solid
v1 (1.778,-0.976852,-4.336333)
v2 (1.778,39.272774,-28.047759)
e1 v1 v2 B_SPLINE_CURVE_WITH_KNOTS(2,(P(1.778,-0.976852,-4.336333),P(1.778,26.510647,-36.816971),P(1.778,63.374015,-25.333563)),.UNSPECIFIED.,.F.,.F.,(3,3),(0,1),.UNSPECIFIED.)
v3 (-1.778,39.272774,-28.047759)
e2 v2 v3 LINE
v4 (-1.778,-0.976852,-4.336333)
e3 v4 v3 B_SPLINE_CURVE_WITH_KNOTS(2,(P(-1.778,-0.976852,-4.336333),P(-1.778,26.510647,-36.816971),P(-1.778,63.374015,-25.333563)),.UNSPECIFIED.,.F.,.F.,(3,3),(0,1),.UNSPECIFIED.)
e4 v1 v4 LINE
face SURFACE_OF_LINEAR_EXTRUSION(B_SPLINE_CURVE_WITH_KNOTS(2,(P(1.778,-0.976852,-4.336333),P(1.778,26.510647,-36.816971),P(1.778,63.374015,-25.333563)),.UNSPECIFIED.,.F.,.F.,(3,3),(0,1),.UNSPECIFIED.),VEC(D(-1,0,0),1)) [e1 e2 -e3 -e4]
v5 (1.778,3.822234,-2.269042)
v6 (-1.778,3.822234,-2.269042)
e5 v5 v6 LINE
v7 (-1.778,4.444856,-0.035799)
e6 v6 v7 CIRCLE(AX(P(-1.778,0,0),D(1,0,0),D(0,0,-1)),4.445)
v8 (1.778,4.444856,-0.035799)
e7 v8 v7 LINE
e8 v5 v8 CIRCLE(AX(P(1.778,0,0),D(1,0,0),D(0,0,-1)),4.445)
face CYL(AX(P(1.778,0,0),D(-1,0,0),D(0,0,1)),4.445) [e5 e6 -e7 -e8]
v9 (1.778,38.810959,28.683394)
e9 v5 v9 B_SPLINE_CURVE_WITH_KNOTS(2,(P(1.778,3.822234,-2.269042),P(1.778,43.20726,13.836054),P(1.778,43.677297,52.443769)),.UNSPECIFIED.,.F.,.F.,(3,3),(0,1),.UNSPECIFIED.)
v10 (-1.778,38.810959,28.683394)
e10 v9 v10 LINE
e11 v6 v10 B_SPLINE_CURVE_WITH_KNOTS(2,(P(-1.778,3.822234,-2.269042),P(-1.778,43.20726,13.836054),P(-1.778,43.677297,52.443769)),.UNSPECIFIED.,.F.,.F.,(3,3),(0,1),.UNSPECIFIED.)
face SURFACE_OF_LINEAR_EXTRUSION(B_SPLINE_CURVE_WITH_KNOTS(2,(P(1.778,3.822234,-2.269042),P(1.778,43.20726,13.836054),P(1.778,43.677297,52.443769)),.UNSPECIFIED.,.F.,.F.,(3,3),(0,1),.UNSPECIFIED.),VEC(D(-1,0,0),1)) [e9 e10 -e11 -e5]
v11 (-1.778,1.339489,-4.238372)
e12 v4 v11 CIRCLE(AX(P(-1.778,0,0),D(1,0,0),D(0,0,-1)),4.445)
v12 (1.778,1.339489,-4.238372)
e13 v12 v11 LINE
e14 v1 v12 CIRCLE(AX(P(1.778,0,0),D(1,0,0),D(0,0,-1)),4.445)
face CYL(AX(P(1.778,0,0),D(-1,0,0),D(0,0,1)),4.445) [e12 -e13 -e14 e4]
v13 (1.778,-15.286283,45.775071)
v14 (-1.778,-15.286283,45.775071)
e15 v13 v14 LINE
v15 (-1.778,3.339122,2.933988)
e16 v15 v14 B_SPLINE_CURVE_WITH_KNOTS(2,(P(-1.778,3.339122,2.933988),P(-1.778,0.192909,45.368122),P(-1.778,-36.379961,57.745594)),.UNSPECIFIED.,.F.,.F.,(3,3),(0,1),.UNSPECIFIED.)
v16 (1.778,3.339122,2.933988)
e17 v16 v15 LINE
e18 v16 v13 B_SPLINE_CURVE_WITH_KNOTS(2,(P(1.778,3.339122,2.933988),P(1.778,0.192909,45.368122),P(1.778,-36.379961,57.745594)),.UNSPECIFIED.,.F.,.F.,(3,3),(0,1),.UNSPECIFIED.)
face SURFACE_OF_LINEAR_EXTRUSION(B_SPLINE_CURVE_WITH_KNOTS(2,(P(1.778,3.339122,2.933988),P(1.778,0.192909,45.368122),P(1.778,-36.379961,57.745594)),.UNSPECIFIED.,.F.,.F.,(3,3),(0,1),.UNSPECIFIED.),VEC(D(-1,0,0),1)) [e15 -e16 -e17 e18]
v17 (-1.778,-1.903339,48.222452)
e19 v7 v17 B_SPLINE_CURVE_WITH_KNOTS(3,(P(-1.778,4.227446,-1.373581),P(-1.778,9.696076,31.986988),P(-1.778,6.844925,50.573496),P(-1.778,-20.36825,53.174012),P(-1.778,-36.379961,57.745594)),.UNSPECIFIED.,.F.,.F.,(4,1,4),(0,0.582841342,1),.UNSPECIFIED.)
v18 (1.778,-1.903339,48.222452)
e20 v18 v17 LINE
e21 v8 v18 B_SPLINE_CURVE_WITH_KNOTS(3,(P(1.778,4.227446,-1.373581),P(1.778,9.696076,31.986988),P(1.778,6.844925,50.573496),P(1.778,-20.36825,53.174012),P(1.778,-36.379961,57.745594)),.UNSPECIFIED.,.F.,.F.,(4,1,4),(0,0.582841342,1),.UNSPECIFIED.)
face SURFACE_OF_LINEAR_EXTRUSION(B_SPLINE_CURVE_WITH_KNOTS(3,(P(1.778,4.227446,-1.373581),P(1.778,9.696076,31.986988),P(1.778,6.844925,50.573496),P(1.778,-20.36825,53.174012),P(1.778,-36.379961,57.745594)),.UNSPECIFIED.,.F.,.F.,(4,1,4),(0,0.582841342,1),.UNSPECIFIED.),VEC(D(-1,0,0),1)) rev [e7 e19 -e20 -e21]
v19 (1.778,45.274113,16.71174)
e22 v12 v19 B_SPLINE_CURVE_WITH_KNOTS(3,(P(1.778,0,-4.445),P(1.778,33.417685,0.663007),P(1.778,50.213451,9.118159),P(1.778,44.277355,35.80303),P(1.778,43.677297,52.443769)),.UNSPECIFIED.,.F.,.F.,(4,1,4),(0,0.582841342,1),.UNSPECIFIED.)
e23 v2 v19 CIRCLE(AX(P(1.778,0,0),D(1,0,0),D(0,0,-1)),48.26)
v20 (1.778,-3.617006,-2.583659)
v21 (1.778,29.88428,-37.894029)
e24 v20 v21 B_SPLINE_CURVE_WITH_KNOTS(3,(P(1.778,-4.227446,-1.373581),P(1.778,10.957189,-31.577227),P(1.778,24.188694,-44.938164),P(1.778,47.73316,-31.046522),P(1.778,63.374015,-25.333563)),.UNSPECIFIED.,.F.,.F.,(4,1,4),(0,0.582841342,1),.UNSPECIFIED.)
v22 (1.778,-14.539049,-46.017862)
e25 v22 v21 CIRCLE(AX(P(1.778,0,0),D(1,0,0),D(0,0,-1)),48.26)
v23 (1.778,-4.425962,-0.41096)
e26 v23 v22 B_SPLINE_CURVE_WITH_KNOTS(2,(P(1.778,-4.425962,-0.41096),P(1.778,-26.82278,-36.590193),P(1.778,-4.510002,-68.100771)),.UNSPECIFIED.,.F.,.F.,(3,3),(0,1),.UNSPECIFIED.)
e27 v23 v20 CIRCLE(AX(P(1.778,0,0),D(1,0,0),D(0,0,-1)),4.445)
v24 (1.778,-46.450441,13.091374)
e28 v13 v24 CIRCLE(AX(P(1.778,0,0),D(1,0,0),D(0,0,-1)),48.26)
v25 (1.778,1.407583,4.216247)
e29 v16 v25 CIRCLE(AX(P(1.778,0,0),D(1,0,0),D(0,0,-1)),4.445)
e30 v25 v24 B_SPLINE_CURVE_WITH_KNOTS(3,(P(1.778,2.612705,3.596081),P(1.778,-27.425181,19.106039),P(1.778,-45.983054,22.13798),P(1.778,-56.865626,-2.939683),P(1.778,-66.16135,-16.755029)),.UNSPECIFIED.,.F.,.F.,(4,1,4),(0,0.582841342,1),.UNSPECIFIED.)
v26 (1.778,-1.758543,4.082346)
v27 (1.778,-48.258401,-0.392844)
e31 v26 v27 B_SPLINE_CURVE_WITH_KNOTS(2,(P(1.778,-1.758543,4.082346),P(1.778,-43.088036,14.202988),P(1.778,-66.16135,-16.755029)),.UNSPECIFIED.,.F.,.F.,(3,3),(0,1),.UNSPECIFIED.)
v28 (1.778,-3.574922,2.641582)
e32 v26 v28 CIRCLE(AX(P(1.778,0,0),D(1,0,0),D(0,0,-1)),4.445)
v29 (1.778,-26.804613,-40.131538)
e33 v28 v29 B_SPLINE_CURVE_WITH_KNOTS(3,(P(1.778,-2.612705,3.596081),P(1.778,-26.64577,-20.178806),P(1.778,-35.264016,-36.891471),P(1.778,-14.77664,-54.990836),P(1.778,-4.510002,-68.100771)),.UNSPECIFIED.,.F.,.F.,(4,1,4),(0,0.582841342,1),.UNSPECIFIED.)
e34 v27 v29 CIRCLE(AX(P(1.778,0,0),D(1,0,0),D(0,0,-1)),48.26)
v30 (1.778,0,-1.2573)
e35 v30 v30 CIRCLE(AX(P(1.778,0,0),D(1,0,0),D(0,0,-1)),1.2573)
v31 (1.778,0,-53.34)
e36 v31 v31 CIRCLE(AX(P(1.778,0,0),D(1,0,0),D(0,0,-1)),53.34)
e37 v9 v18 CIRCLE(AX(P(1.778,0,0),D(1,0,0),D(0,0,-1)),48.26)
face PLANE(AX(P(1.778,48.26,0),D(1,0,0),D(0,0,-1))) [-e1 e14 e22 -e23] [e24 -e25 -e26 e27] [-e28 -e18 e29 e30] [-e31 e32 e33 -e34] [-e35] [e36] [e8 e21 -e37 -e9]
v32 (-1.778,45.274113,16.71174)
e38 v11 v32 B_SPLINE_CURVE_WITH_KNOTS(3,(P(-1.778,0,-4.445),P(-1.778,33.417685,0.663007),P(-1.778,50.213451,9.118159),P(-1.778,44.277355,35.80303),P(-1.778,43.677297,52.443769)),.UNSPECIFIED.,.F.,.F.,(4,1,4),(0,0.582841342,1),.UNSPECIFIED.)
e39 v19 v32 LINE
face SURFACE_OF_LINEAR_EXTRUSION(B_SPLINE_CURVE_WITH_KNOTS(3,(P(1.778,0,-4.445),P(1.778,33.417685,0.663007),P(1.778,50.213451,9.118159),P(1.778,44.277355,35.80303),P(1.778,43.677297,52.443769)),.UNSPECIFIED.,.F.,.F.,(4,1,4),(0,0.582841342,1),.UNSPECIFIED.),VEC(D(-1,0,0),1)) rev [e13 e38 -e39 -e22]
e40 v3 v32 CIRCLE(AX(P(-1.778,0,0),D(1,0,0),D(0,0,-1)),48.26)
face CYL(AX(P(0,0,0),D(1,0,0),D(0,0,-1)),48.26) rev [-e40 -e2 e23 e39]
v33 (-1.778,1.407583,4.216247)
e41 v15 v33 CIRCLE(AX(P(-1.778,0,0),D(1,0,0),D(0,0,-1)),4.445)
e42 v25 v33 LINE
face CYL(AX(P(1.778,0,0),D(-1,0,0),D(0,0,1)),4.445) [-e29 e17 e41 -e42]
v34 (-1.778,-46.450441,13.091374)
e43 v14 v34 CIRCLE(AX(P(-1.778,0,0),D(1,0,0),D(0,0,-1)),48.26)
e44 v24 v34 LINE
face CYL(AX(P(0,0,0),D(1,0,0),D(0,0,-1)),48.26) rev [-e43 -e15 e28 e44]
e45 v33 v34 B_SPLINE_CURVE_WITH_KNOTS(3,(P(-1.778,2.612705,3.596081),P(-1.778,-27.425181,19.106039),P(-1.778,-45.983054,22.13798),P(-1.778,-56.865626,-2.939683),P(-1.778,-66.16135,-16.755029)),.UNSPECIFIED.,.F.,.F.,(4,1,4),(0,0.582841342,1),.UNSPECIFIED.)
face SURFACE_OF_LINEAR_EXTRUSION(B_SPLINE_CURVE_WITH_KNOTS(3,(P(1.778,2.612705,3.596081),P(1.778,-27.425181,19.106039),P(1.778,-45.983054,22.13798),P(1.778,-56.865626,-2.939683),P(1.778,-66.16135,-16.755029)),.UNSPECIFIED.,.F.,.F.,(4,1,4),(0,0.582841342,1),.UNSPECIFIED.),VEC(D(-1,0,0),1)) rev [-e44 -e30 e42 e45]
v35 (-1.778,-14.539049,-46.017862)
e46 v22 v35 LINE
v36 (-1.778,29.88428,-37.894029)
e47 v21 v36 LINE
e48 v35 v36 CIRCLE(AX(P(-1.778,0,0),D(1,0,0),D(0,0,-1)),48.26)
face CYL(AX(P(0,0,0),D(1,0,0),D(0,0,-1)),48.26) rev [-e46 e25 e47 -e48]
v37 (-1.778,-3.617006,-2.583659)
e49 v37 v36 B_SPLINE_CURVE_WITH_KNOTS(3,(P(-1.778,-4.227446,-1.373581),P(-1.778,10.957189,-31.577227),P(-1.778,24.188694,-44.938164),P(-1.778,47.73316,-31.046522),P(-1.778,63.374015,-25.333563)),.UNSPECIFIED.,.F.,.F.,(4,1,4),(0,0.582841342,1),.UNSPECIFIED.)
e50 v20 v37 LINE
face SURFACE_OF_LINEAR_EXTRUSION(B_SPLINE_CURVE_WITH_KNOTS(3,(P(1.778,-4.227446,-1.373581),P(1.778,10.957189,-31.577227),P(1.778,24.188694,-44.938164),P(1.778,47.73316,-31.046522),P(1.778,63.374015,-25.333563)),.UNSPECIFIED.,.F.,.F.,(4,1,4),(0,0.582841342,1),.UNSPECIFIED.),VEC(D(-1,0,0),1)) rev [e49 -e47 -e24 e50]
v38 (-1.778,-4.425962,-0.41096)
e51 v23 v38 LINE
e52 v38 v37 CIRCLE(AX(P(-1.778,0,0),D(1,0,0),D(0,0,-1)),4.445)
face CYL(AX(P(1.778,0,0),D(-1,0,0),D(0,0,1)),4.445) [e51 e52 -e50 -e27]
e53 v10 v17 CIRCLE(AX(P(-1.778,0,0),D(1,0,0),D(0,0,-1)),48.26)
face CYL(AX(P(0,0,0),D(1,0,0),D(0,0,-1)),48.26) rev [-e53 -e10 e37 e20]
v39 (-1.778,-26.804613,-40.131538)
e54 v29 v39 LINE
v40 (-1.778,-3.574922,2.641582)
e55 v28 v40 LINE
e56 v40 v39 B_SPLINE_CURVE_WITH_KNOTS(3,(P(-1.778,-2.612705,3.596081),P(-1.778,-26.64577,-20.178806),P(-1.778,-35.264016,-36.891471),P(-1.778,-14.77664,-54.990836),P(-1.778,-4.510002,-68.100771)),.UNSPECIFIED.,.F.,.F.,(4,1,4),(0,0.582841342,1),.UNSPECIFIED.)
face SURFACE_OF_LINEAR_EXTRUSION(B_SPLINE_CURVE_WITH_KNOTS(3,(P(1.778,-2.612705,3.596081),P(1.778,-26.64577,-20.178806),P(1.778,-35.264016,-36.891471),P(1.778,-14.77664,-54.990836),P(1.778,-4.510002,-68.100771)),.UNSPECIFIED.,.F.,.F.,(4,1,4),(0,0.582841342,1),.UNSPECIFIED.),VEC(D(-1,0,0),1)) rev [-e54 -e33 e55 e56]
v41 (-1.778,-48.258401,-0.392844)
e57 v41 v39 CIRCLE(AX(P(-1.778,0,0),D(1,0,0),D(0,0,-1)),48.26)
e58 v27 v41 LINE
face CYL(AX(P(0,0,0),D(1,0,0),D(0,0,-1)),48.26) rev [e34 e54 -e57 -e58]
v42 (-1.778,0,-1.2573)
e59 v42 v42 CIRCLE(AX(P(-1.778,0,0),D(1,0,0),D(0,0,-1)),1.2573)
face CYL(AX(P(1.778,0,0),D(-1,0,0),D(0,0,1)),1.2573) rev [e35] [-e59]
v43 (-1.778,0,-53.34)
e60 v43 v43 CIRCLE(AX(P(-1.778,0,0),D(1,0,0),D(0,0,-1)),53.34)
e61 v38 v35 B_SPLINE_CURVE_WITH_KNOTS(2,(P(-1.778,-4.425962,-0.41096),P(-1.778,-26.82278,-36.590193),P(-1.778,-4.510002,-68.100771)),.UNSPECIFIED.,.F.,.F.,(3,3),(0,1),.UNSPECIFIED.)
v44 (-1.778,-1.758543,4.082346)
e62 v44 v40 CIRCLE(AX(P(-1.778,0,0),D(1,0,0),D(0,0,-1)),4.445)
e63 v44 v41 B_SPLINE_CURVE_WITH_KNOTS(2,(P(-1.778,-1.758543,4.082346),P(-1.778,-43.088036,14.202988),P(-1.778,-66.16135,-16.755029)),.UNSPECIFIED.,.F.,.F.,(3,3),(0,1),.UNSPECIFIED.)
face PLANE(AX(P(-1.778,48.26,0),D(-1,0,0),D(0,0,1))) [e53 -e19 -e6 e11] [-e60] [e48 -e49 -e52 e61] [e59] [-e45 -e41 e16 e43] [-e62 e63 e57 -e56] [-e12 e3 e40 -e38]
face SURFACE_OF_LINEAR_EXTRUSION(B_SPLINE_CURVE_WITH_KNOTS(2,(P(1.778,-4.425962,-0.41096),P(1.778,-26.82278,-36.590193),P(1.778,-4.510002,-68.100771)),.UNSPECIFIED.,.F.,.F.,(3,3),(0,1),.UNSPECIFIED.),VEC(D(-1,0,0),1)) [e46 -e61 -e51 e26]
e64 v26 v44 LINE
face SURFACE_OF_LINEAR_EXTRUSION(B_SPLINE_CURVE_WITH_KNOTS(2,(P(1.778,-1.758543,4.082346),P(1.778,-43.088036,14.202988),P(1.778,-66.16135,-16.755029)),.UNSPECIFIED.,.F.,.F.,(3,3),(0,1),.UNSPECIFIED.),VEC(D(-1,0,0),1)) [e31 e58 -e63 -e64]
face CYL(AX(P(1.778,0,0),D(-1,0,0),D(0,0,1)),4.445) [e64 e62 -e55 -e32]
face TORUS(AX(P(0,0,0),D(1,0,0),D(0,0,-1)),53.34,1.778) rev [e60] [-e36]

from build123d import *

# Parameters (mm, degrees)
SKETCH3_R           = 4.445
SKETCH3_R_2         = 1.2573
BOSS_EXTRUDE1_DEPTH = 1.778
BOSS_EXTRUDE2_DEPTH = 1.778
CIRPATTERN1_COUNT   = 5


with BuildPart() as part:
    # Sketch1 → Revolve1 (revolve)
    with BuildSketch(Plane.XY):
        with BuildLine():
            Line((-1.778, 48.26), (1.778, 48.26))
            Line((1.778, 48.26), (1.778, 53.34))
            ThreePointArc((1.778, 53.34), (0, 51.562), (-1.778, 53.34))
            Line((-1.778, 53.34), (-1.778, 48.26))
        make_face()
    revolve(axis=Axis((0, 0, 0), (-1, 0, 0)))



with BuildPart() as body_2:
    # Sketch3 → Boss-Extrude1 (new body, symmetric)
    with BuildSketch(Plane(origin=(0, 0, 0), x_dir=(0, 0, -1), z_dir=(1, 0, 0))):
        Circle(SKETCH3_R)
        Circle(SKETCH3_R_2, mode=Mode.SUBTRACT)
    extrude(amount=BOSS_EXTRUDE1_DEPTH, both=True)


with BuildPart() as part_1:
    add(part.part)

    add(body_2.part)  # Boss-Extrude2 merges body 2
    # Sketch4 → Boss-Extrude2 (add, symmetric)
    with BuildSketch(Plane(origin=(0, 0, 0), x_dir=(0, 0, -1), z_dir=(1, 0, 0))):
        with BuildLine():
            add(Edge.make_bspline(
                [(4.238371501, 1.339489461), (-0.797084769, 33.68038201), (-5.741030131, 43.234836537), (-16.711740024, 45.274113413)],
                knots=[0.007862153, 0.007862153, 0.007862153, 0.007862153, 0.582841342, 0.582841342, 0.582841342, 0.582841342], degree=3))
            ThreePointArc((-16.711740024, 45.274113413), (-22.926461421, 42.466515829), (-28.683393703, 38.810958835))
            add(Edge.make_bspline(
                [(2.269041799, 3.822234204), (-8.332097903, 29.7473311), (-28.683393703, 38.810958835)],
                knots=[0, 0, 0, 0.658247548, 0.658247548, 0.658247548], degree=2))
            ThreePointArc((2.269041799, 3.822234204), (3.482472158, 2.76232016), (4.238371501, 1.339489461))
        make_face()
    boss_extrude2 = extrude(amount=BOSS_EXTRUDE2_DEPTH, both=True)

    # CirPattern1: Boss-Extrude2 ×5 about axis
    cirpattern1_axis = Axis((0, 0, 0), (1, 0, 0))
    for i in range(1, CIRPATTERN1_COUNT):
        add(boss_extrude2.rotate(cirpattern1_axis, i * 360 / CIRPATTERN1_COUNT))


solid = part_1.part
